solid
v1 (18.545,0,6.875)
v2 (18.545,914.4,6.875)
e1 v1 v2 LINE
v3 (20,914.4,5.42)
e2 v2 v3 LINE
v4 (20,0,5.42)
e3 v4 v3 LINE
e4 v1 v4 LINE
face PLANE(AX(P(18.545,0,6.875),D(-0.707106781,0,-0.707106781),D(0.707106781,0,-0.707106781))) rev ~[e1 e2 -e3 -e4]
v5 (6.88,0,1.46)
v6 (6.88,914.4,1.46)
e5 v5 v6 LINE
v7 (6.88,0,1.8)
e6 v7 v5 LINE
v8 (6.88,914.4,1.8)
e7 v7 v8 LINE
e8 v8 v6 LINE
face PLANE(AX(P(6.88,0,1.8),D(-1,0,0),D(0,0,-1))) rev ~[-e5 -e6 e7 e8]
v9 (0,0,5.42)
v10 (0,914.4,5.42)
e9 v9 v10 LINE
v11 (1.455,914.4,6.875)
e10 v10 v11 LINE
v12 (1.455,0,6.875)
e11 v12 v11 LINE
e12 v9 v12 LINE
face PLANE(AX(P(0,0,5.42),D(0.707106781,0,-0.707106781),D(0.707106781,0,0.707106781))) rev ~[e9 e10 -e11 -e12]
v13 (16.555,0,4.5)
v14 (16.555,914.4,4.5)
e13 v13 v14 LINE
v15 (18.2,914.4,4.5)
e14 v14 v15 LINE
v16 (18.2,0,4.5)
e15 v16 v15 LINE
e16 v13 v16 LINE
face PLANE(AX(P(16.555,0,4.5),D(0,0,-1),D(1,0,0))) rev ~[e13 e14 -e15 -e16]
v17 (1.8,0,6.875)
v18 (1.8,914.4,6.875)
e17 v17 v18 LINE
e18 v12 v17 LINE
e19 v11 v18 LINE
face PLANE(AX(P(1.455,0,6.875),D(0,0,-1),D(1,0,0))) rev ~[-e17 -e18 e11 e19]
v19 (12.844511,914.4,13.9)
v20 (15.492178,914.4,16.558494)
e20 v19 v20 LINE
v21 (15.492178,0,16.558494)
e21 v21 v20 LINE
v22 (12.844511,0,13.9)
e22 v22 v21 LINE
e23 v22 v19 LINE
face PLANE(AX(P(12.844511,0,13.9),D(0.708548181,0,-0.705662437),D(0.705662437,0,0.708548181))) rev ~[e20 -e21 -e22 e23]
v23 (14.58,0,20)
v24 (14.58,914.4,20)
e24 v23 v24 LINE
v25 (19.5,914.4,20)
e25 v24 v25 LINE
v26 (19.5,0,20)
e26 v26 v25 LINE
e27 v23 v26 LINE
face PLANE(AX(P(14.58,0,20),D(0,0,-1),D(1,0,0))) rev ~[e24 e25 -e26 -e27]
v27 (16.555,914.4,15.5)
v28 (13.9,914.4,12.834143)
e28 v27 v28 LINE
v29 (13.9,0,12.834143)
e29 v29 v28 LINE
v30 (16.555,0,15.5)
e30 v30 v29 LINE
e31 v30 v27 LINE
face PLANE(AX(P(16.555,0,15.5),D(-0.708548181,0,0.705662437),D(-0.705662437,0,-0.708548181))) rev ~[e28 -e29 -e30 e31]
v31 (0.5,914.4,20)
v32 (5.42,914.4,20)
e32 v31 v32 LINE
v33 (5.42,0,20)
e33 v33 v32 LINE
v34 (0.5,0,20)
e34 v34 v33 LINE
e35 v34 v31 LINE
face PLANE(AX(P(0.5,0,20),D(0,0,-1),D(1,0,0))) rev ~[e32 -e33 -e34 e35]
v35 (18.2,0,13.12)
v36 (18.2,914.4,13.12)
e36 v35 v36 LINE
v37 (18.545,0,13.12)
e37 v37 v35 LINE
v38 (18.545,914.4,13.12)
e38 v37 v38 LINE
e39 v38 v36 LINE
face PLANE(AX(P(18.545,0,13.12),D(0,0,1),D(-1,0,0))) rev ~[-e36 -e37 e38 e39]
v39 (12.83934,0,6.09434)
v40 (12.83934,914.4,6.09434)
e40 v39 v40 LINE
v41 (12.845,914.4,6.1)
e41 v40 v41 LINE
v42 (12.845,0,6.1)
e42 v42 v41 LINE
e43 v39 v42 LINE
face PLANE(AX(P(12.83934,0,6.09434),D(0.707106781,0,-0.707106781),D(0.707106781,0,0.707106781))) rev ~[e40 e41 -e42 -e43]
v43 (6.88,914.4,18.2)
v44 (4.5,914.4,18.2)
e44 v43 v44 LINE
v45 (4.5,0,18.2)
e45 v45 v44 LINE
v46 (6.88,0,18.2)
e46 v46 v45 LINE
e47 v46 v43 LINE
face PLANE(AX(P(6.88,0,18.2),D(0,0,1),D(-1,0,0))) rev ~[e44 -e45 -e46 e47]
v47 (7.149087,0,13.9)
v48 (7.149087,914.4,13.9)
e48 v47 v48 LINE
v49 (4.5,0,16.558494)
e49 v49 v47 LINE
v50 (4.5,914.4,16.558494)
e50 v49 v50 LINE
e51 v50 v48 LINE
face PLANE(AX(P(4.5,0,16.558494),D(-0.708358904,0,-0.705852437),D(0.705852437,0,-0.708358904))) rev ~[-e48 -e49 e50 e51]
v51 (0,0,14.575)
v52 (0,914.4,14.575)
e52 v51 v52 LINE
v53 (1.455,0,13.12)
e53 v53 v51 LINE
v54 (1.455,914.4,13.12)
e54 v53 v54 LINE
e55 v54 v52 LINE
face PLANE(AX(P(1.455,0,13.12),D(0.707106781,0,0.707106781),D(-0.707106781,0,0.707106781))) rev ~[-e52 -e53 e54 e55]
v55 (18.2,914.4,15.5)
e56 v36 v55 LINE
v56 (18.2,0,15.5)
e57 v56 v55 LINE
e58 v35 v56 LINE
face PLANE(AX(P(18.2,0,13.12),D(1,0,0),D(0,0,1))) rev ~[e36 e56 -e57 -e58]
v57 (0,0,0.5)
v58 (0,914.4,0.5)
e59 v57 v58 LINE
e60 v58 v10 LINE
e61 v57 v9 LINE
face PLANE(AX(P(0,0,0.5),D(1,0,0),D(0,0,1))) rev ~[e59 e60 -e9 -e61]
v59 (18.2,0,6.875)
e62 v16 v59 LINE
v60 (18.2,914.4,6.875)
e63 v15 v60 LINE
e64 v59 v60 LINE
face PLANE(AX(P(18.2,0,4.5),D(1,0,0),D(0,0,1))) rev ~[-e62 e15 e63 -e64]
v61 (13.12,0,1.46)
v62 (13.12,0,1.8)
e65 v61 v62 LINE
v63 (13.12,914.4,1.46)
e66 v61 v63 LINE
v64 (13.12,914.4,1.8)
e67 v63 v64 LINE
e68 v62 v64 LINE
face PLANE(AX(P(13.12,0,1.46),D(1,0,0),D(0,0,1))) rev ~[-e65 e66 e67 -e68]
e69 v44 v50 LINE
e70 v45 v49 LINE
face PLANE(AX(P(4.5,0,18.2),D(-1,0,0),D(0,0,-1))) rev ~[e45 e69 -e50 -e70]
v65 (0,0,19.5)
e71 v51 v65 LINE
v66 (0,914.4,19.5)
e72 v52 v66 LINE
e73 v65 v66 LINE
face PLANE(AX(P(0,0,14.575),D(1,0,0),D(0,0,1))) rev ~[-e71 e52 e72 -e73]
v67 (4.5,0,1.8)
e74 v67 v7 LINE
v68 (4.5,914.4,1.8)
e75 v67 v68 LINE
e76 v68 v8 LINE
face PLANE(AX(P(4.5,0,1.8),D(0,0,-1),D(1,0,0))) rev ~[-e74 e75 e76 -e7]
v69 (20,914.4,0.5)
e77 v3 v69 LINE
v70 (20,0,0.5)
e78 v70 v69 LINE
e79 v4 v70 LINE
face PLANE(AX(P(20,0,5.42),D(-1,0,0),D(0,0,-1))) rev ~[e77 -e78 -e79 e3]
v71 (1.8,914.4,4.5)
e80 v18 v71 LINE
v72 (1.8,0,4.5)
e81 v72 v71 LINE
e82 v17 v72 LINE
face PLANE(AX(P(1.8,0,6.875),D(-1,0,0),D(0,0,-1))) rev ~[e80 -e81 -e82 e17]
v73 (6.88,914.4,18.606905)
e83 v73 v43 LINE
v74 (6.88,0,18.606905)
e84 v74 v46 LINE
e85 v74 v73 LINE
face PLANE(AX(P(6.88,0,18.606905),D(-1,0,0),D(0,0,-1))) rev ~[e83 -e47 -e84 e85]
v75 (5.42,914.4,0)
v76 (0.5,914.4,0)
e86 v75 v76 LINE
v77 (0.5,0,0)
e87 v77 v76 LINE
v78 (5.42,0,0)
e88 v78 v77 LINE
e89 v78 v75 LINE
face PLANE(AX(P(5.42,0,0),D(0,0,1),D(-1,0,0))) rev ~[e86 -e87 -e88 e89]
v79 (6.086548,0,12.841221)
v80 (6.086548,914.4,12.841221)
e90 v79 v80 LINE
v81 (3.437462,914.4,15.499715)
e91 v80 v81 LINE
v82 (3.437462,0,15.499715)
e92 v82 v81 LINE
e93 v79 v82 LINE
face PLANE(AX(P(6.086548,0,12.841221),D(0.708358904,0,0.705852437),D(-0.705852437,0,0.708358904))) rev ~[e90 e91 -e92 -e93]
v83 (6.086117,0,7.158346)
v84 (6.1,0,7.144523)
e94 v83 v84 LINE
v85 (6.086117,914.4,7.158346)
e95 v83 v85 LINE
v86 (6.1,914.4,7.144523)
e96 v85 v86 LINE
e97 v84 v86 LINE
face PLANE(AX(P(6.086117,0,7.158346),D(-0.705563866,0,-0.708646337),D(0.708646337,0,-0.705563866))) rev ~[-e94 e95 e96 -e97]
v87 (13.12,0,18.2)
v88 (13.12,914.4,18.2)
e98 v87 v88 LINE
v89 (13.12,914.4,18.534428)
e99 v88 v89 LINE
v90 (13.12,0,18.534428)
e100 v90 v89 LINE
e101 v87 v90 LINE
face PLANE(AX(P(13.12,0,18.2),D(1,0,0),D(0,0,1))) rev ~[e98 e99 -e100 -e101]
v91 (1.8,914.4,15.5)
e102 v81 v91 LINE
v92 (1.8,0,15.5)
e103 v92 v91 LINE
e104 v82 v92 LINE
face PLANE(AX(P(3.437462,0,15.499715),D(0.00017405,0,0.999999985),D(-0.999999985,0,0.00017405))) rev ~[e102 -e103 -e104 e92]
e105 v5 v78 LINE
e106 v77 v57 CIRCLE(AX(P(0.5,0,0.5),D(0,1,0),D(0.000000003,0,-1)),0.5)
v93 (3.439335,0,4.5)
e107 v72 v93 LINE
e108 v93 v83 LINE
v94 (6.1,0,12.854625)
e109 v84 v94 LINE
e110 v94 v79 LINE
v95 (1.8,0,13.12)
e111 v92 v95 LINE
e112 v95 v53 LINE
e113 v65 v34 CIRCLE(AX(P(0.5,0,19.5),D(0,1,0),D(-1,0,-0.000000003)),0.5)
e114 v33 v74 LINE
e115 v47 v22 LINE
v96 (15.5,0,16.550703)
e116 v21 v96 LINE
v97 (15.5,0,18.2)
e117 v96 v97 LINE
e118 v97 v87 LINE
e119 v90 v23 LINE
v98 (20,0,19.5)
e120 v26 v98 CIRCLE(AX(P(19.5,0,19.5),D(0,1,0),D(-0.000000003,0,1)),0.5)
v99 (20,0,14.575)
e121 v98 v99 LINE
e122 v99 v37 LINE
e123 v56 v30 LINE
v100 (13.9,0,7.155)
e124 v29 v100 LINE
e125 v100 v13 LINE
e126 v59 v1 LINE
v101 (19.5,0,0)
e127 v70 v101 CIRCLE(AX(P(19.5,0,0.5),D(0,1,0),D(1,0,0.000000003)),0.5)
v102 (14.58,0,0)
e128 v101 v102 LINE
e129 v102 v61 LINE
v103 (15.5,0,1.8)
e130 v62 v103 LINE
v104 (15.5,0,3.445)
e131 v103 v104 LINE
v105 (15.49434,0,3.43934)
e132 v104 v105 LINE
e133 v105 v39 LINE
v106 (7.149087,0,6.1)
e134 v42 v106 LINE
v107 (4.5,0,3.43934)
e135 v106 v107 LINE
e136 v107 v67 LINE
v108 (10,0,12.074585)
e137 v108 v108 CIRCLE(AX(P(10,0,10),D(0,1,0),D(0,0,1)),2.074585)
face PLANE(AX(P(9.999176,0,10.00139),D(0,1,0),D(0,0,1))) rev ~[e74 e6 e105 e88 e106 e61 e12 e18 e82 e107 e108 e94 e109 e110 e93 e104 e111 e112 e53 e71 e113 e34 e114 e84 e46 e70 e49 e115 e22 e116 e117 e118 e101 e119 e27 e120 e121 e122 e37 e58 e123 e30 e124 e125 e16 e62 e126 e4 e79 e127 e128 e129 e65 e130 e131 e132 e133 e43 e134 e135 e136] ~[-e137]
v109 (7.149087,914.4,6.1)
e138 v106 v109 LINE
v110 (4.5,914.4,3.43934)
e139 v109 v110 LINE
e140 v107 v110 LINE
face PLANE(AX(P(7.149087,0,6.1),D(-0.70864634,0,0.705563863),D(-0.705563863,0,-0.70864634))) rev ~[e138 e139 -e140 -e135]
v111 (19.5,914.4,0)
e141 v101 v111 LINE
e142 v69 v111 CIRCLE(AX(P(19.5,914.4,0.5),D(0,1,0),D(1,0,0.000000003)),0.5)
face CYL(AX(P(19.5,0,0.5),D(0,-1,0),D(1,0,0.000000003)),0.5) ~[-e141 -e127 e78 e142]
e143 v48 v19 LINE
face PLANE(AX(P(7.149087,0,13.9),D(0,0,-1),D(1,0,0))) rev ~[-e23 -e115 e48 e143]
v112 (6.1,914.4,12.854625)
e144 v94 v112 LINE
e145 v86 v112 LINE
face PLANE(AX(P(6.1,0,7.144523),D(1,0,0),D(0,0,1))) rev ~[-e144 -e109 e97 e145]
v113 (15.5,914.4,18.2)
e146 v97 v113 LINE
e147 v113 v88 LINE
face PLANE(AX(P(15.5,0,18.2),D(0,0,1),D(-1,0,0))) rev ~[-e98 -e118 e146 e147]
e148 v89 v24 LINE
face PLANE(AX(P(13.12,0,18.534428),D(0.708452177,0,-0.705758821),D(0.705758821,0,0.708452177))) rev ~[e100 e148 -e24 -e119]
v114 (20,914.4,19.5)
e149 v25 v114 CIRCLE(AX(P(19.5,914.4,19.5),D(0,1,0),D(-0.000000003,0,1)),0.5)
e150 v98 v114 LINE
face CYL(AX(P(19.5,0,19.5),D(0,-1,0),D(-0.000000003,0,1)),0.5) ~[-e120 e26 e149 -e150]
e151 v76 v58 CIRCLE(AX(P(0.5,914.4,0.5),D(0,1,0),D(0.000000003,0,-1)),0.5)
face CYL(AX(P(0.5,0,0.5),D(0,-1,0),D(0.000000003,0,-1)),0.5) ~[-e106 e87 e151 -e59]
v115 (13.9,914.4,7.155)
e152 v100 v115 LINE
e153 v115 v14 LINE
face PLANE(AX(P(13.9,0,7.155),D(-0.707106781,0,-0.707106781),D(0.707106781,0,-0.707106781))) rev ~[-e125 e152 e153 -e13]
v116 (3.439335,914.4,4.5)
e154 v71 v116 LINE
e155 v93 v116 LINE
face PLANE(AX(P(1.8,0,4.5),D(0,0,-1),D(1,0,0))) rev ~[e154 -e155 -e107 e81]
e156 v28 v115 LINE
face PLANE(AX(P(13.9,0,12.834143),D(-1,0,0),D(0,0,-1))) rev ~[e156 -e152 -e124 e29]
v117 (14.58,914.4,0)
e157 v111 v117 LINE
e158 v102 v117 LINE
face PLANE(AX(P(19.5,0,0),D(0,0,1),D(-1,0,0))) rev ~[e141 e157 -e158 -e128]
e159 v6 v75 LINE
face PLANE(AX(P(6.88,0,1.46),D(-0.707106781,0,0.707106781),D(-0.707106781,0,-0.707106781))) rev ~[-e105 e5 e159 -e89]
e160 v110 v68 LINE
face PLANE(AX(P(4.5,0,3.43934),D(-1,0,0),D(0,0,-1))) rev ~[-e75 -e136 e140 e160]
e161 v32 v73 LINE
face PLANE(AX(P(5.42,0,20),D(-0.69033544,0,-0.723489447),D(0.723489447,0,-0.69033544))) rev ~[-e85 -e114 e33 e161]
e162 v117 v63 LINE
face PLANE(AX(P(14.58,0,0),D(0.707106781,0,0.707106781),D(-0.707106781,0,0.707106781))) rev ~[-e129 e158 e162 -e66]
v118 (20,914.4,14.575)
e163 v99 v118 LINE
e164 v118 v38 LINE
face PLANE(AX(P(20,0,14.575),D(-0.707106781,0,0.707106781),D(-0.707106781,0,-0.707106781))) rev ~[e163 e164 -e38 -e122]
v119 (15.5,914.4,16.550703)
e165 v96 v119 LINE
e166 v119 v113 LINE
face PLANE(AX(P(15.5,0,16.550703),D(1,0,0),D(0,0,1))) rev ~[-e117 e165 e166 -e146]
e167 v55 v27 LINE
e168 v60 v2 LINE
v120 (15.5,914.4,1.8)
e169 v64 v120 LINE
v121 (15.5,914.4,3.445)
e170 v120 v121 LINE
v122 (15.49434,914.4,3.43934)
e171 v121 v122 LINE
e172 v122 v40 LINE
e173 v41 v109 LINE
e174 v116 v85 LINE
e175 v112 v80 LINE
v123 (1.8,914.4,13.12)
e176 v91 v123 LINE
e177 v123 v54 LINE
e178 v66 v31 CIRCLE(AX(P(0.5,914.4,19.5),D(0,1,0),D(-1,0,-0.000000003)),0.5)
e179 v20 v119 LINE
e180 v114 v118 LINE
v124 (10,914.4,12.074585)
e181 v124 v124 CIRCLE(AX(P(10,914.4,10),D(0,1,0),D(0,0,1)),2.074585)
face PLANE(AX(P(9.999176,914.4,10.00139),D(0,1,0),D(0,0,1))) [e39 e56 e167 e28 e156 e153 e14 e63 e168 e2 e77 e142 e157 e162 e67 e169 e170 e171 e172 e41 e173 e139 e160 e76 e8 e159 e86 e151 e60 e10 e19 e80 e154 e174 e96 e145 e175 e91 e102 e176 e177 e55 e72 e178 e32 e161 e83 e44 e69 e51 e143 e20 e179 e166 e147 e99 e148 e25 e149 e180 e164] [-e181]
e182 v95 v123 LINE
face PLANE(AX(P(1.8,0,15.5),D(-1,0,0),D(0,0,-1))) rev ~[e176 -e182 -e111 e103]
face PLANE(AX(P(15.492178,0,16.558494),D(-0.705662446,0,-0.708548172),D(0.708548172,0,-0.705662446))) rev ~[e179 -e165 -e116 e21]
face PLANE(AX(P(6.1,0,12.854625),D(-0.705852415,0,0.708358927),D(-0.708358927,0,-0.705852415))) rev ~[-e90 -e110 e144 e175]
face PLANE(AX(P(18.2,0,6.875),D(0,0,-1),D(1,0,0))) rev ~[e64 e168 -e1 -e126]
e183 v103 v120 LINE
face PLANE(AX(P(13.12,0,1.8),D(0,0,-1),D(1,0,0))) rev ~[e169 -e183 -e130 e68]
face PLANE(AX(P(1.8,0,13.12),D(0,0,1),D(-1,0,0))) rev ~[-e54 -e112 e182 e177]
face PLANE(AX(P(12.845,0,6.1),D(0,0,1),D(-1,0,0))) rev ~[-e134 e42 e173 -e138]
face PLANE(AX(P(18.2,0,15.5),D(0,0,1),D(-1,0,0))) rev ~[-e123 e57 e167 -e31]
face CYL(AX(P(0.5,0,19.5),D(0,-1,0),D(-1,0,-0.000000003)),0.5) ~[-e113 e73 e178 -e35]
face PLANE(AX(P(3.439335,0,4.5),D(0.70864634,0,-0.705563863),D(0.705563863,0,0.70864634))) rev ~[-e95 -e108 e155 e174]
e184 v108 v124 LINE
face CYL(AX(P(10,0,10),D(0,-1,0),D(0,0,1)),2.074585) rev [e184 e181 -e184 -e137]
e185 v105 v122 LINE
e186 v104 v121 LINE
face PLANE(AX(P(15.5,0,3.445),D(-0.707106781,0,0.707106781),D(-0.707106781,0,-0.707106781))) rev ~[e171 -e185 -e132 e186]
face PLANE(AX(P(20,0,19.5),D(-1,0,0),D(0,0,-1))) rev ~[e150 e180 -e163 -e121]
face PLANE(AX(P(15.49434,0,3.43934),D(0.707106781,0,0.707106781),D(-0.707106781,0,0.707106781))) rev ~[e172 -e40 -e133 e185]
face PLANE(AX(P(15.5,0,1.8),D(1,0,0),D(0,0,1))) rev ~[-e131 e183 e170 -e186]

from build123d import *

# Parameters (mm, degrees)
SKETCH2_R              = 2.074585303
VSLOT2020_2020_5_DEPTH = 914.4


with BuildPart() as part:
    # Sketch2 → Vslot2020 2020(5) (new body)
    with BuildSketch(Plane.ZX):
        with BuildLine():
            Line((13.9, 7.149086807), (13.9, 12.844511469))
            Line((13.9, 12.844511469), (16.558493656, 15.492177728))
            Line((16.558493656, 15.492177728), (16.550703242, 15.5))
            Line((16.550703242, 15.5), (18.2, 15.5))
            Line((18.2, 15.5), (18.2, 13.12))
            Line((18.2, 13.12), (18.534428266, 13.12))
            Line((18.534428266, 13.12), (20, 14.58))
            Line((20, 14.58), (20, 19.5))
            ThreePointArc((20, 19.5), (19.853553391, 19.853553391), (19.5, 20))
            Line((19.5, 20), (14.575, 20))
            Line((14.575, 20), (13.12, 18.545))
            Line((13.12, 18.545), (13.12, 18.2))
            Line((13.12, 18.2), (15.5, 18.2))
            Line((15.5, 18.2), (15.5, 16.555))
            Line((15.5, 16.555), (12.834142613, 13.9))
            Line((12.834142613, 13.9), (7.155, 13.9))
            Line((7.155, 13.9), (4.5, 16.555))
            Line((4.5, 16.555), (4.5, 18.2))
            Line((4.5, 18.2), (6.875, 18.2))
            Line((6.875, 18.2), (6.875, 18.545))
            Line((6.875, 18.545), (5.42, 20))
            Line((5.42, 20), (0.5, 20))
            ThreePointArc((0.5, 20), (0.146446609, 19.853553391), (0, 19.5))
            Line((0, 19.5), (0, 14.58))
            Line((0, 14.58), (1.46, 13.12))
            Line((1.46, 13.12), (1.8, 13.12))
            Line((1.8, 13.12), (1.8, 15.5))
            Line((1.8, 15.5), (3.445, 15.5))
            Line((3.445, 15.5), (3.439339828, 15.494339828))
            Line((3.439339828, 15.494339828), (6.094339828, 12.839339828))
            Line((6.094339828, 12.839339828), (6.1, 12.845))
            Line((6.1, 12.845), (6.1, 7.149086807))
            Line((6.1, 7.149086807), (3.439339828, 4.5))
            Line((3.439339828, 4.5), (1.8, 4.5))
            Line((1.8, 4.5), (1.8, 6.88))
            Line((1.8, 6.88), (1.46, 6.88))
            Line((1.46, 6.88), (0, 5.42))
            Line((0, 5.42), (0, 0.5))
            ThreePointArc((0, 0.5), (0.146446609, 0.146446609), (0.5, 0))
            Line((0.5, 0), (5.42, 0))
            Line((5.42, 0), (6.875, 1.455))
            Line((6.875, 1.455), (6.875, 1.8))
            Line((6.875, 1.8), (4.5, 1.8))
            Line((4.5, 1.8), (4.5, 3.4393348))
            Line((4.5, 3.4393348), (7.158345795, 6.086117297))
            Line((7.158345795, 6.086117297), (7.144523479, 6.1))
            Line((7.144523479, 6.1), (12.854625295, 6.1))
            Line((12.854625295, 6.1), (12.841221344, 6.086548451))
            Line((12.841221344, 6.086548451), (15.499715, 3.437461644))
            Line((15.499715, 3.437461644), (15.5, 1.8))
            Line((15.5, 1.8), (13.12, 1.8))
            Line((13.12, 1.8), (13.12, 1.455))
            Line((13.12, 1.455), (14.575, 0))
            Line((14.575, 0), (19.5, 0))
            ThreePointArc((19.5, 0), (19.853553391, 0.146446609), (20, 0.5))
            Line((20, 0.5), (20, 5.42))
            Line((20, 5.42), (18.606904708, 6.88))
            Line((18.606904708, 6.88), (18.2, 6.88))
            Line((18.2, 6.88), (18.2, 4.5))
            Line((18.2, 4.5), (16.558493656, 4.5))
            Line((16.558493656, 4.5), (13.9, 7.149086807))
        make_face()
        with Locations((10, 10)):
            Circle(SKETCH2_R, mode=Mode.SUBTRACT)
    extrude(amount=VSLOT2020_2020_5_DEPTH)


solid = part.part
